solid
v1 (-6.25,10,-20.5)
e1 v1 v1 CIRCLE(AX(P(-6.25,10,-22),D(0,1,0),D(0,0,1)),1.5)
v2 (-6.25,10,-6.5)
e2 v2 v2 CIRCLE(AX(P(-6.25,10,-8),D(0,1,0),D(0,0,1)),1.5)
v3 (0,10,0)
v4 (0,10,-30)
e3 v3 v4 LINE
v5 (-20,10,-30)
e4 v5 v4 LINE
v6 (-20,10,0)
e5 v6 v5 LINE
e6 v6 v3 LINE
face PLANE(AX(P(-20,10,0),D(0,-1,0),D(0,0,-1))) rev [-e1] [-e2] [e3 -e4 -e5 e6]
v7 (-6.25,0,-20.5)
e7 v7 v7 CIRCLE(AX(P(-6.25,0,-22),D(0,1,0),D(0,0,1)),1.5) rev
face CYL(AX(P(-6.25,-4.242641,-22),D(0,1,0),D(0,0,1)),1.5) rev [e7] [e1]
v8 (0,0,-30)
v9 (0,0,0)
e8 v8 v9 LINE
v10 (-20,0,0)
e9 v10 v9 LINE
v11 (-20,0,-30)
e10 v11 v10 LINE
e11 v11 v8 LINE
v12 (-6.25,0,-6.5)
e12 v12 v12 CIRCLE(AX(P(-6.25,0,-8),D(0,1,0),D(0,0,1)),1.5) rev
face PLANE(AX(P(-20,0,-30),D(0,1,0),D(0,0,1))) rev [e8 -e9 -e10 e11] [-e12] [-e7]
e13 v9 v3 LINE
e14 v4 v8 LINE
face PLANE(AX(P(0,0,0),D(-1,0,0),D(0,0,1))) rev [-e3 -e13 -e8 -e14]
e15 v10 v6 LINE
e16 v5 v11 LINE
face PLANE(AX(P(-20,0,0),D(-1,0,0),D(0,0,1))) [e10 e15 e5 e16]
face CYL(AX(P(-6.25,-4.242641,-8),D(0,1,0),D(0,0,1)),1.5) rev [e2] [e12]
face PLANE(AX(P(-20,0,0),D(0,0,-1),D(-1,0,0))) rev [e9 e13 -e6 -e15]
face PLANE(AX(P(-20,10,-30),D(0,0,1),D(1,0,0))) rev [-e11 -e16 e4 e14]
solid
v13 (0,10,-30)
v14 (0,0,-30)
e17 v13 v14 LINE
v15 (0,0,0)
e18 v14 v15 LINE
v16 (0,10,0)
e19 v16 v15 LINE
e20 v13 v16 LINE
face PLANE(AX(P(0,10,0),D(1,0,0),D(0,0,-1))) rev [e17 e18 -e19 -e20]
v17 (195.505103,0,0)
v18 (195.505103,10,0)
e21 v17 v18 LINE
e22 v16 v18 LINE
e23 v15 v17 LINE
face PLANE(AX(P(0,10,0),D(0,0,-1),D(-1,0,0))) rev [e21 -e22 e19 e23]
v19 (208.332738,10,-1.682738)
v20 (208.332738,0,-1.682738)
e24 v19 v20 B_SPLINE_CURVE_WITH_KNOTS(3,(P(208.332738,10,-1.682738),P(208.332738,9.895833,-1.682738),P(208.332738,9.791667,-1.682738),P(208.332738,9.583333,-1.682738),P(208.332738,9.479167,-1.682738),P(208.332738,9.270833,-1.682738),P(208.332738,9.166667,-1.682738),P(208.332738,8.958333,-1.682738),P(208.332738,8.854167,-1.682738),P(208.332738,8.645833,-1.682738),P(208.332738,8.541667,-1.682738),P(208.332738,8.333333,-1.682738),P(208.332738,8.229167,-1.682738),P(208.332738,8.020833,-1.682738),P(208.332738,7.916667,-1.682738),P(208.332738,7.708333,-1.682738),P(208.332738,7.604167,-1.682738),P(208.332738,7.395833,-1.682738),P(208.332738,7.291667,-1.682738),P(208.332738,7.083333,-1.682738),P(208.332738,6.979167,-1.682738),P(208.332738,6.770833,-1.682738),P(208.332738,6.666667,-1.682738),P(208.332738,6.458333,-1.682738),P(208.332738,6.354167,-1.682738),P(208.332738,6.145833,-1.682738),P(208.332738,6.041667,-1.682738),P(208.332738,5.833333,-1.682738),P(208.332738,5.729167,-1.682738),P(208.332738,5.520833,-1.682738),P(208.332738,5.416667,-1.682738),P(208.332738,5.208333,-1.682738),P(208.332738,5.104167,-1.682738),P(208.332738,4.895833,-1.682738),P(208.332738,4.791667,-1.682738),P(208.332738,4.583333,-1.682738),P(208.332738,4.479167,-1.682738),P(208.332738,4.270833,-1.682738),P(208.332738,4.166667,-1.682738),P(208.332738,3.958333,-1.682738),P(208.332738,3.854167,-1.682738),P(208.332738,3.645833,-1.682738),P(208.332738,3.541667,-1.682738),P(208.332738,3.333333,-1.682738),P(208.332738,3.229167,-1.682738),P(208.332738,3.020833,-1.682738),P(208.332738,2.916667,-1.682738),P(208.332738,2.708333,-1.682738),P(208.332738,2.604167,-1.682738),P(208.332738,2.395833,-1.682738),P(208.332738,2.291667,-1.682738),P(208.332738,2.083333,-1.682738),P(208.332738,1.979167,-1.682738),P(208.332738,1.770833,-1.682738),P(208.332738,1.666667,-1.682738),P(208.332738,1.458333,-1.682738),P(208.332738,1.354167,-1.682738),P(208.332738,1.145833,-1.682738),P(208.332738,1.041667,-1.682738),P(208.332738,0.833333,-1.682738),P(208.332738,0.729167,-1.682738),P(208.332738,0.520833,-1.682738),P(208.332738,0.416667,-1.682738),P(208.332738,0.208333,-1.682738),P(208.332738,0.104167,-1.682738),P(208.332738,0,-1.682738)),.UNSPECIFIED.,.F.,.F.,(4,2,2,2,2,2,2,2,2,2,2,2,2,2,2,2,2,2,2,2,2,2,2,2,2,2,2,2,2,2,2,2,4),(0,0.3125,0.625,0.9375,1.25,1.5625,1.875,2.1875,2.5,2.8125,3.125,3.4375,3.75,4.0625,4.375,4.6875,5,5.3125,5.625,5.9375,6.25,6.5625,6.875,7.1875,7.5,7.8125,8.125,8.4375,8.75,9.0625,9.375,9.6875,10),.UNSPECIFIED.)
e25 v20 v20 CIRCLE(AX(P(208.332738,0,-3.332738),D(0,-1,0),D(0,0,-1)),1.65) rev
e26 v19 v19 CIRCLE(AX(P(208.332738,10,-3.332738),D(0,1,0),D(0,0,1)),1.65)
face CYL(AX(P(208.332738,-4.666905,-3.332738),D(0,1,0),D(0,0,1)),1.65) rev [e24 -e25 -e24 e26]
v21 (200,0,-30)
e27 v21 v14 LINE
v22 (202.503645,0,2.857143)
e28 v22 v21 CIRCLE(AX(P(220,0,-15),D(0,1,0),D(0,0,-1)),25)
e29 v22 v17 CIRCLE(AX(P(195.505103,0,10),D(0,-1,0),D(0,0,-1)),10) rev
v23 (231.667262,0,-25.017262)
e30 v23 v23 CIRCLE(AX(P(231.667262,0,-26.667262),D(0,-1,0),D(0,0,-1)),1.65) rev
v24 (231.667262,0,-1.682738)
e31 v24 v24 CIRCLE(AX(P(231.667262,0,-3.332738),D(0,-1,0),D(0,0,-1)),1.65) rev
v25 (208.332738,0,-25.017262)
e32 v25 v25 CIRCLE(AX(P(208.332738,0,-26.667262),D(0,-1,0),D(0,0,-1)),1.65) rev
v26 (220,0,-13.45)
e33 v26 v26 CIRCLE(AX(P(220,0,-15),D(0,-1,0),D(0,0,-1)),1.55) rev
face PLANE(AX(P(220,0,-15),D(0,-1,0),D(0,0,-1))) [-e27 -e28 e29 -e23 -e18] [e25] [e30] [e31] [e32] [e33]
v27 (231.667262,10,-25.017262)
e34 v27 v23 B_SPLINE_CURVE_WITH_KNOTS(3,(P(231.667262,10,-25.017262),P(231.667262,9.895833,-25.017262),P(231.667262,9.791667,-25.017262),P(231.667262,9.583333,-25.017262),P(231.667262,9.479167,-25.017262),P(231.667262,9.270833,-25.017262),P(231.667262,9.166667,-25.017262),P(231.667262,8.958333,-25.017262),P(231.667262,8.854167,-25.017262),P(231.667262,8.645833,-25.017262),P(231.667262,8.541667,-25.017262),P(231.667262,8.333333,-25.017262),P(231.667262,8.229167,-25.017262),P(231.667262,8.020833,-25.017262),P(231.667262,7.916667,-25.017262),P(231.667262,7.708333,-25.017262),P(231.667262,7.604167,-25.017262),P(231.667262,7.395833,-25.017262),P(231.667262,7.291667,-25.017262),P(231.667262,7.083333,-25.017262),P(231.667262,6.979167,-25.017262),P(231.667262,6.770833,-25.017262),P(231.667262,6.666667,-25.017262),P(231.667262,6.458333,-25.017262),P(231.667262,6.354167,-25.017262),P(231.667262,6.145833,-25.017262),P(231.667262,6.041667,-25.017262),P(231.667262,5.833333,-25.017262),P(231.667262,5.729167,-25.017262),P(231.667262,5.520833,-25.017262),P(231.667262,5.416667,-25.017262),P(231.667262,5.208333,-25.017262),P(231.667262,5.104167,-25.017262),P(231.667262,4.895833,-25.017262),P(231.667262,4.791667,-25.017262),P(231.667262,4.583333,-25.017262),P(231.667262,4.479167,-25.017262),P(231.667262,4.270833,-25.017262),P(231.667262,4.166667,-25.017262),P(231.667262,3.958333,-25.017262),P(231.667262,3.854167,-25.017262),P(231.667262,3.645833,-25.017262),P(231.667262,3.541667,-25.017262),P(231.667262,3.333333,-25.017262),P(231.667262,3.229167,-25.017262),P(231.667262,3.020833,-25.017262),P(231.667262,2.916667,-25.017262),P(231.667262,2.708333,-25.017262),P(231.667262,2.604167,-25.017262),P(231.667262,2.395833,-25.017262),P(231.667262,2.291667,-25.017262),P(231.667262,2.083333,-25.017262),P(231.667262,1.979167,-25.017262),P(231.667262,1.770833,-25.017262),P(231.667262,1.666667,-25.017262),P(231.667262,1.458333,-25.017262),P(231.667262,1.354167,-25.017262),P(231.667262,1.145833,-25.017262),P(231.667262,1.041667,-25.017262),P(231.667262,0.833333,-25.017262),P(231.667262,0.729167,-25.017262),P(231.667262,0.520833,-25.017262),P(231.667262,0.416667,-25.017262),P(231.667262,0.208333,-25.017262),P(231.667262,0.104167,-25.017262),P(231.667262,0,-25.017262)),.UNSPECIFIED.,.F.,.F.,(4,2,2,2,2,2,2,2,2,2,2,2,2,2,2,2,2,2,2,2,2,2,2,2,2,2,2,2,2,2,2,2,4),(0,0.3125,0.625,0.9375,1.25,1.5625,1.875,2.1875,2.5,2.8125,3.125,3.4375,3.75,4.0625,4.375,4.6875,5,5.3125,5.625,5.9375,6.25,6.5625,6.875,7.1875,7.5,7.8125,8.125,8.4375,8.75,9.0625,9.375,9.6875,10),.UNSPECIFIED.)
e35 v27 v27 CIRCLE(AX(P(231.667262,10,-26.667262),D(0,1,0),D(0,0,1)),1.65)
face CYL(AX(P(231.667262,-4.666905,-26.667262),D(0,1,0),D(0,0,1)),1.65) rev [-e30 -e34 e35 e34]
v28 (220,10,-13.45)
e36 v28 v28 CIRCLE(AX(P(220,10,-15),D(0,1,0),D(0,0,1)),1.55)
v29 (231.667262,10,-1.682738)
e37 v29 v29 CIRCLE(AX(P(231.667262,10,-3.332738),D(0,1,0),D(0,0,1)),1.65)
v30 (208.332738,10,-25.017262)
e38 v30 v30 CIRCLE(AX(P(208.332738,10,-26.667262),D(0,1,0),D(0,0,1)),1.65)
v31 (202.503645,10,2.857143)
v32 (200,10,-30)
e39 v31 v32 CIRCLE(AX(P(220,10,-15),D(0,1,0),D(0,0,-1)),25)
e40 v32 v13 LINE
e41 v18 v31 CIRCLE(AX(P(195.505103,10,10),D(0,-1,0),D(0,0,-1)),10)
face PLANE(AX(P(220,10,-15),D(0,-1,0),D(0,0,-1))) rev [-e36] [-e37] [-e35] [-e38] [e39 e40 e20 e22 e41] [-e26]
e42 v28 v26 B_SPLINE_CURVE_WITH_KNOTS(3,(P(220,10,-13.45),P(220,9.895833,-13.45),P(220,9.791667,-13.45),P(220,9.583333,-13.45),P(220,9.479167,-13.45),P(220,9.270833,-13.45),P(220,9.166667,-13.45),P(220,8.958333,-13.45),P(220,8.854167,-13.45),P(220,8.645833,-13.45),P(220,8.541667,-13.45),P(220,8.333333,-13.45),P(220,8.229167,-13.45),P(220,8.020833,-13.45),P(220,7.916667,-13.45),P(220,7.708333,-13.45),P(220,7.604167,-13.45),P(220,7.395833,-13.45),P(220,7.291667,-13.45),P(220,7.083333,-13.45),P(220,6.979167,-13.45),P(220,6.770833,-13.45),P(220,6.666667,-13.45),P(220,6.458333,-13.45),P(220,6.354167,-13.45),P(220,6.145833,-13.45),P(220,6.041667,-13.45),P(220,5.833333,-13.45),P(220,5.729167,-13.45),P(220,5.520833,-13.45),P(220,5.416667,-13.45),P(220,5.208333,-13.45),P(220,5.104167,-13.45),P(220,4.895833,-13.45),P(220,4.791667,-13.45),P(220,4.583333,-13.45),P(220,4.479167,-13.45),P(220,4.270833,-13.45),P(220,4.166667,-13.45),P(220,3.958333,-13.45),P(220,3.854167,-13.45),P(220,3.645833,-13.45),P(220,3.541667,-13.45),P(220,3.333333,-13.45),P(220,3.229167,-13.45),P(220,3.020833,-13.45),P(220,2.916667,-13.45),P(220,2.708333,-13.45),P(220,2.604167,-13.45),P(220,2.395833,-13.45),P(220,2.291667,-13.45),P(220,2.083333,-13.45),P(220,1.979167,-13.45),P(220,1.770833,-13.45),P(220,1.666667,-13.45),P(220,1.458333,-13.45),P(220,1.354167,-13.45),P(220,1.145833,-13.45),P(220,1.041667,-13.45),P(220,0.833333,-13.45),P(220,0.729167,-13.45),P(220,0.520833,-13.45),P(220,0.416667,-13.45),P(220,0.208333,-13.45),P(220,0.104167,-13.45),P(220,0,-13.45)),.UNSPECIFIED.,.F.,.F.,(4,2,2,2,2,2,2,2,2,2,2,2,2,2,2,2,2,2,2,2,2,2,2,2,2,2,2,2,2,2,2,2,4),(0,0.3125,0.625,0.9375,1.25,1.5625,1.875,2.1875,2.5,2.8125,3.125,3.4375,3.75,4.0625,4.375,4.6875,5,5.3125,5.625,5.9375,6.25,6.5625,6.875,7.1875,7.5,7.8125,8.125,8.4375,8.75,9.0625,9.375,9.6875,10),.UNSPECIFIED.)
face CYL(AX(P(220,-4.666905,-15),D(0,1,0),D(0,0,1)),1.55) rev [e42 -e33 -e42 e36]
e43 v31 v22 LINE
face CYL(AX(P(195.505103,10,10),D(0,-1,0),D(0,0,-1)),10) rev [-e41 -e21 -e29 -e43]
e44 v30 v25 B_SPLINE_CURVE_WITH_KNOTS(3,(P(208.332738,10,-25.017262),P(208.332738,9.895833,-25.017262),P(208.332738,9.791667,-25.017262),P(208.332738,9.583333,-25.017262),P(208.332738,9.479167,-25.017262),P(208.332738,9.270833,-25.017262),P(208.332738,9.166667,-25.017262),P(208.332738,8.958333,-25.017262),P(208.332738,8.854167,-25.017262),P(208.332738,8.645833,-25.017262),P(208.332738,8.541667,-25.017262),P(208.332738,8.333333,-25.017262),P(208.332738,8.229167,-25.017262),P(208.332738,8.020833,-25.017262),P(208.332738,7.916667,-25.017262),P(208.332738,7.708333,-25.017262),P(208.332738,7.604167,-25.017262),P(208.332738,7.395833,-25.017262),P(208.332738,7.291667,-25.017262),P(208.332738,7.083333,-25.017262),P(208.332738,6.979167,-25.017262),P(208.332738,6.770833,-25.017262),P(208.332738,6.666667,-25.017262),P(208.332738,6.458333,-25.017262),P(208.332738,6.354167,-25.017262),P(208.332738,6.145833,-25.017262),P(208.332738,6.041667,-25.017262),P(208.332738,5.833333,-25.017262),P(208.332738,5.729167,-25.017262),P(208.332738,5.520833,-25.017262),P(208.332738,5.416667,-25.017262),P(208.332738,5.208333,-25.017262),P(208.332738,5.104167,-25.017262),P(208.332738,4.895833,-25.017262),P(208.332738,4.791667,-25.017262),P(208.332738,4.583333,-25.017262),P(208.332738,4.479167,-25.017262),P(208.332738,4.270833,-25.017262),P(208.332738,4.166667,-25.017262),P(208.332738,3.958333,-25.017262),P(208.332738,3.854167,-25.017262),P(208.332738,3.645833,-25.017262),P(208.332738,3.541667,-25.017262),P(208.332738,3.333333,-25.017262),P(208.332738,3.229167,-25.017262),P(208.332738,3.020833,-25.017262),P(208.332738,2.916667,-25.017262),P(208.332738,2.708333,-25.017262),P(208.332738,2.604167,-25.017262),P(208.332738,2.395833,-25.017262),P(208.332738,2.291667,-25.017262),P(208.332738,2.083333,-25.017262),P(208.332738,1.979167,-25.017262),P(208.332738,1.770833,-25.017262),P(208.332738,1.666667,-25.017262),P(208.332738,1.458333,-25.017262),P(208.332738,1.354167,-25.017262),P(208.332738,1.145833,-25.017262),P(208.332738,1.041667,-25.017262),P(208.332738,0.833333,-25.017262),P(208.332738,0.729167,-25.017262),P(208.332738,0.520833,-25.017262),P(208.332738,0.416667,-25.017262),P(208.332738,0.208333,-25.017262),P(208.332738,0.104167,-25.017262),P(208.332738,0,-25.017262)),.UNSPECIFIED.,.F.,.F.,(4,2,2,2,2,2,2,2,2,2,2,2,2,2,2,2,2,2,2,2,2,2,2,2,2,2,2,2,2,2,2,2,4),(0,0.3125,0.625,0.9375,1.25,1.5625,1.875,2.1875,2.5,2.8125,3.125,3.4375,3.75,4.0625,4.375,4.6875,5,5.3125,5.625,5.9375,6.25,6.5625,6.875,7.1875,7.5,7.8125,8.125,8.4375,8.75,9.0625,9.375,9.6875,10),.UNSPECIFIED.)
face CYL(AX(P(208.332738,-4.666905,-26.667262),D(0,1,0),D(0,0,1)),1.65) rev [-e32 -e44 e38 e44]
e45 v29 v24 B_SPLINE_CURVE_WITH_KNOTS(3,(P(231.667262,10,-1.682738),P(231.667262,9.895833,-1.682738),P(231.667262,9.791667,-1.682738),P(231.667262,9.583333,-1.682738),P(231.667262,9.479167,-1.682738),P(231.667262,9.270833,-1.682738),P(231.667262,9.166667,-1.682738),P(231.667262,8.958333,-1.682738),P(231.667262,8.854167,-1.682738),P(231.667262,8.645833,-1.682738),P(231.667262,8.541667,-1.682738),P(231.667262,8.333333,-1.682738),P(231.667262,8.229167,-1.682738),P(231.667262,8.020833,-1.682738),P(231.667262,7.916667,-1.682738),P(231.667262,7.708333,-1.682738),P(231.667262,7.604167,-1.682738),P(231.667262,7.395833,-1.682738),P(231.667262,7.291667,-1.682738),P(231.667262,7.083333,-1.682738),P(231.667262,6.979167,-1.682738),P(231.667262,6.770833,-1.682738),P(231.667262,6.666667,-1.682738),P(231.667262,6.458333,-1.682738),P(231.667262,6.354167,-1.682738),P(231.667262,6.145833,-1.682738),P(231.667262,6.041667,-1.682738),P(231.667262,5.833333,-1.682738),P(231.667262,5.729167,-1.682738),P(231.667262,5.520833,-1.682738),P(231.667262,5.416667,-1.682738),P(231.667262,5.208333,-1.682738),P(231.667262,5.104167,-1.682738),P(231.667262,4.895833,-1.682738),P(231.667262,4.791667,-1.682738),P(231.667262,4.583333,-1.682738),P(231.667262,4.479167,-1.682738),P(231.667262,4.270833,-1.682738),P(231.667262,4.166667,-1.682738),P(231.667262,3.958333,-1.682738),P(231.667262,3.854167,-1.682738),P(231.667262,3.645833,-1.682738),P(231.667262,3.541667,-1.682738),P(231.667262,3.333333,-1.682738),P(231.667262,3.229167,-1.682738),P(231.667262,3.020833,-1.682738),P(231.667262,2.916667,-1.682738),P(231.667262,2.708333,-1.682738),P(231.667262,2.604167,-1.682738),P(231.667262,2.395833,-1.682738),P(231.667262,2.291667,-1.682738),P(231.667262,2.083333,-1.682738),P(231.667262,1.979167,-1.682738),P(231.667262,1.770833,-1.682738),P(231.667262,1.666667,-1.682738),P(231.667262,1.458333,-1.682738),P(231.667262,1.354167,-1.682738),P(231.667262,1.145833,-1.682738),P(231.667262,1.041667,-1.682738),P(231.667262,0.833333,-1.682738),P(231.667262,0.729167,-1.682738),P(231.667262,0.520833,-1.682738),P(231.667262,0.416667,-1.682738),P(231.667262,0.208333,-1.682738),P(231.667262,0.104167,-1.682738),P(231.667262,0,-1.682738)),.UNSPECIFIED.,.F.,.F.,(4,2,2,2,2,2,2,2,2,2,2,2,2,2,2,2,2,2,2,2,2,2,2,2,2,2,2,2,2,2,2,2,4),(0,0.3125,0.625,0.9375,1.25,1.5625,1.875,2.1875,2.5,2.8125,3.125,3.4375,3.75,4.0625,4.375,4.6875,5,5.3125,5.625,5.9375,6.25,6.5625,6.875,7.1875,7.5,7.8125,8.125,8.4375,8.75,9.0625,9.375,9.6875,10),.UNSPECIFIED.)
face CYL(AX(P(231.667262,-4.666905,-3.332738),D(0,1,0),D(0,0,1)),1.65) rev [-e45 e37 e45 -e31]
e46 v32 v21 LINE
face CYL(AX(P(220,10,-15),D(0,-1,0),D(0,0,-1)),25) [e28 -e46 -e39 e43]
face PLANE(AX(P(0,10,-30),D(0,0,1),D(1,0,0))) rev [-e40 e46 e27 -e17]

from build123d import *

# Parameters (mm, degrees)
BOSS_EXTRUDE1_DEPTH     = 10
SKETCH4_W               = 30
SKETCH4_H               = 10
BOSS_EXTRUDE3_DEPTH     = 20
SKETCH5_R               = 1.5
CUT_EXTRUDE1_DEPTH      = 10
SKETCH6_R               = 1.65
SKETCH6_R_2             = 1.55
DRONE_MOUNT_HOLES_DEPTH = 10
FILLET2_R               = 10


with BuildPart() as part:
    # Sketch2 → Boss-Extrude1 (new body)
    with BuildSketch(Plane(origin=(0, 0, 0), x_dir=(1, 0, 0), z_dir=(0, 1, 0))):
        with BuildLine():
            Line((0, 0), (200, 0))
            ThreePointArc((200, 0), (245, 15), (200, 30))
            Line((200, 30), (0, 30))
            Line((0, 30), (0, 0))
        make_face()
    extrude(amount=BOSS_EXTRUDE1_DEPTH)

    # Sketch6 → Drone Mount Holes (cut)
    with BuildSketch(Plane(origin=(0, 10, 0), x_dir=(1, 0, 0), z_dir=(0, 1, 0))):
        with Locations(Location((231.66726189, 26.66726189, 0), (0, 0, 270))):
            Circle(SKETCH6_R)
        with Locations(Location((231.66726189, 3.33273811, 0), (0, 0, 270))):
            Circle(SKETCH6_R)
        with Locations(Location((208.33273811, 3.33273811, 0), (0, 0, 270))):
            Circle(SKETCH6_R)
        with Locations(Location((208.33273811, 26.66726189, 0), (0, 0, 270))):
            Circle(SKETCH6_R)
        with Locations(Location((220, 15, 0), (0, 0, 270))):
            Circle(SKETCH6_R_2)
    extrude(amount=-DRONE_MOUNT_HOLES_DEPTH, mode=Mode.SUBTRACT)

    # Fillet2
    fillet2_edges = [part.edges().sort_by_distance(p)[0] for p in [
        (200, 5, 0),
    ]]
    fillet(fillet2_edges, radius=FILLET2_R)


with BuildPart() as body_2:
    # Sketch4 → Boss-Extrude3 (new body)
    with BuildSketch(Plane.ZY):
        with Locations((-15, 5)):
            Rectangle(SKETCH4_W, SKETCH4_H)
    extrude(amount=BOSS_EXTRUDE3_DEPTH)

    # Sketch5 → Cut-Extrude1 (cut)
    with BuildSketch(Plane(origin=(0, 10, 0), x_dir=(1, 0, 0), z_dir=(0, 1, 0))):
        with Locations(Location((-6.25, 22, 0), (0, 0, 270))):
            Circle(SKETCH5_R)
        with Locations(Location((-6.25, 8, 0), (0, 0, 270))):
            Circle(SKETCH5_R)
    extrude(amount=-CUT_EXTRUDE1_DEPTH, mode=Mode.SUBTRACT)


solid = Compound([part.part, body_2.part])
